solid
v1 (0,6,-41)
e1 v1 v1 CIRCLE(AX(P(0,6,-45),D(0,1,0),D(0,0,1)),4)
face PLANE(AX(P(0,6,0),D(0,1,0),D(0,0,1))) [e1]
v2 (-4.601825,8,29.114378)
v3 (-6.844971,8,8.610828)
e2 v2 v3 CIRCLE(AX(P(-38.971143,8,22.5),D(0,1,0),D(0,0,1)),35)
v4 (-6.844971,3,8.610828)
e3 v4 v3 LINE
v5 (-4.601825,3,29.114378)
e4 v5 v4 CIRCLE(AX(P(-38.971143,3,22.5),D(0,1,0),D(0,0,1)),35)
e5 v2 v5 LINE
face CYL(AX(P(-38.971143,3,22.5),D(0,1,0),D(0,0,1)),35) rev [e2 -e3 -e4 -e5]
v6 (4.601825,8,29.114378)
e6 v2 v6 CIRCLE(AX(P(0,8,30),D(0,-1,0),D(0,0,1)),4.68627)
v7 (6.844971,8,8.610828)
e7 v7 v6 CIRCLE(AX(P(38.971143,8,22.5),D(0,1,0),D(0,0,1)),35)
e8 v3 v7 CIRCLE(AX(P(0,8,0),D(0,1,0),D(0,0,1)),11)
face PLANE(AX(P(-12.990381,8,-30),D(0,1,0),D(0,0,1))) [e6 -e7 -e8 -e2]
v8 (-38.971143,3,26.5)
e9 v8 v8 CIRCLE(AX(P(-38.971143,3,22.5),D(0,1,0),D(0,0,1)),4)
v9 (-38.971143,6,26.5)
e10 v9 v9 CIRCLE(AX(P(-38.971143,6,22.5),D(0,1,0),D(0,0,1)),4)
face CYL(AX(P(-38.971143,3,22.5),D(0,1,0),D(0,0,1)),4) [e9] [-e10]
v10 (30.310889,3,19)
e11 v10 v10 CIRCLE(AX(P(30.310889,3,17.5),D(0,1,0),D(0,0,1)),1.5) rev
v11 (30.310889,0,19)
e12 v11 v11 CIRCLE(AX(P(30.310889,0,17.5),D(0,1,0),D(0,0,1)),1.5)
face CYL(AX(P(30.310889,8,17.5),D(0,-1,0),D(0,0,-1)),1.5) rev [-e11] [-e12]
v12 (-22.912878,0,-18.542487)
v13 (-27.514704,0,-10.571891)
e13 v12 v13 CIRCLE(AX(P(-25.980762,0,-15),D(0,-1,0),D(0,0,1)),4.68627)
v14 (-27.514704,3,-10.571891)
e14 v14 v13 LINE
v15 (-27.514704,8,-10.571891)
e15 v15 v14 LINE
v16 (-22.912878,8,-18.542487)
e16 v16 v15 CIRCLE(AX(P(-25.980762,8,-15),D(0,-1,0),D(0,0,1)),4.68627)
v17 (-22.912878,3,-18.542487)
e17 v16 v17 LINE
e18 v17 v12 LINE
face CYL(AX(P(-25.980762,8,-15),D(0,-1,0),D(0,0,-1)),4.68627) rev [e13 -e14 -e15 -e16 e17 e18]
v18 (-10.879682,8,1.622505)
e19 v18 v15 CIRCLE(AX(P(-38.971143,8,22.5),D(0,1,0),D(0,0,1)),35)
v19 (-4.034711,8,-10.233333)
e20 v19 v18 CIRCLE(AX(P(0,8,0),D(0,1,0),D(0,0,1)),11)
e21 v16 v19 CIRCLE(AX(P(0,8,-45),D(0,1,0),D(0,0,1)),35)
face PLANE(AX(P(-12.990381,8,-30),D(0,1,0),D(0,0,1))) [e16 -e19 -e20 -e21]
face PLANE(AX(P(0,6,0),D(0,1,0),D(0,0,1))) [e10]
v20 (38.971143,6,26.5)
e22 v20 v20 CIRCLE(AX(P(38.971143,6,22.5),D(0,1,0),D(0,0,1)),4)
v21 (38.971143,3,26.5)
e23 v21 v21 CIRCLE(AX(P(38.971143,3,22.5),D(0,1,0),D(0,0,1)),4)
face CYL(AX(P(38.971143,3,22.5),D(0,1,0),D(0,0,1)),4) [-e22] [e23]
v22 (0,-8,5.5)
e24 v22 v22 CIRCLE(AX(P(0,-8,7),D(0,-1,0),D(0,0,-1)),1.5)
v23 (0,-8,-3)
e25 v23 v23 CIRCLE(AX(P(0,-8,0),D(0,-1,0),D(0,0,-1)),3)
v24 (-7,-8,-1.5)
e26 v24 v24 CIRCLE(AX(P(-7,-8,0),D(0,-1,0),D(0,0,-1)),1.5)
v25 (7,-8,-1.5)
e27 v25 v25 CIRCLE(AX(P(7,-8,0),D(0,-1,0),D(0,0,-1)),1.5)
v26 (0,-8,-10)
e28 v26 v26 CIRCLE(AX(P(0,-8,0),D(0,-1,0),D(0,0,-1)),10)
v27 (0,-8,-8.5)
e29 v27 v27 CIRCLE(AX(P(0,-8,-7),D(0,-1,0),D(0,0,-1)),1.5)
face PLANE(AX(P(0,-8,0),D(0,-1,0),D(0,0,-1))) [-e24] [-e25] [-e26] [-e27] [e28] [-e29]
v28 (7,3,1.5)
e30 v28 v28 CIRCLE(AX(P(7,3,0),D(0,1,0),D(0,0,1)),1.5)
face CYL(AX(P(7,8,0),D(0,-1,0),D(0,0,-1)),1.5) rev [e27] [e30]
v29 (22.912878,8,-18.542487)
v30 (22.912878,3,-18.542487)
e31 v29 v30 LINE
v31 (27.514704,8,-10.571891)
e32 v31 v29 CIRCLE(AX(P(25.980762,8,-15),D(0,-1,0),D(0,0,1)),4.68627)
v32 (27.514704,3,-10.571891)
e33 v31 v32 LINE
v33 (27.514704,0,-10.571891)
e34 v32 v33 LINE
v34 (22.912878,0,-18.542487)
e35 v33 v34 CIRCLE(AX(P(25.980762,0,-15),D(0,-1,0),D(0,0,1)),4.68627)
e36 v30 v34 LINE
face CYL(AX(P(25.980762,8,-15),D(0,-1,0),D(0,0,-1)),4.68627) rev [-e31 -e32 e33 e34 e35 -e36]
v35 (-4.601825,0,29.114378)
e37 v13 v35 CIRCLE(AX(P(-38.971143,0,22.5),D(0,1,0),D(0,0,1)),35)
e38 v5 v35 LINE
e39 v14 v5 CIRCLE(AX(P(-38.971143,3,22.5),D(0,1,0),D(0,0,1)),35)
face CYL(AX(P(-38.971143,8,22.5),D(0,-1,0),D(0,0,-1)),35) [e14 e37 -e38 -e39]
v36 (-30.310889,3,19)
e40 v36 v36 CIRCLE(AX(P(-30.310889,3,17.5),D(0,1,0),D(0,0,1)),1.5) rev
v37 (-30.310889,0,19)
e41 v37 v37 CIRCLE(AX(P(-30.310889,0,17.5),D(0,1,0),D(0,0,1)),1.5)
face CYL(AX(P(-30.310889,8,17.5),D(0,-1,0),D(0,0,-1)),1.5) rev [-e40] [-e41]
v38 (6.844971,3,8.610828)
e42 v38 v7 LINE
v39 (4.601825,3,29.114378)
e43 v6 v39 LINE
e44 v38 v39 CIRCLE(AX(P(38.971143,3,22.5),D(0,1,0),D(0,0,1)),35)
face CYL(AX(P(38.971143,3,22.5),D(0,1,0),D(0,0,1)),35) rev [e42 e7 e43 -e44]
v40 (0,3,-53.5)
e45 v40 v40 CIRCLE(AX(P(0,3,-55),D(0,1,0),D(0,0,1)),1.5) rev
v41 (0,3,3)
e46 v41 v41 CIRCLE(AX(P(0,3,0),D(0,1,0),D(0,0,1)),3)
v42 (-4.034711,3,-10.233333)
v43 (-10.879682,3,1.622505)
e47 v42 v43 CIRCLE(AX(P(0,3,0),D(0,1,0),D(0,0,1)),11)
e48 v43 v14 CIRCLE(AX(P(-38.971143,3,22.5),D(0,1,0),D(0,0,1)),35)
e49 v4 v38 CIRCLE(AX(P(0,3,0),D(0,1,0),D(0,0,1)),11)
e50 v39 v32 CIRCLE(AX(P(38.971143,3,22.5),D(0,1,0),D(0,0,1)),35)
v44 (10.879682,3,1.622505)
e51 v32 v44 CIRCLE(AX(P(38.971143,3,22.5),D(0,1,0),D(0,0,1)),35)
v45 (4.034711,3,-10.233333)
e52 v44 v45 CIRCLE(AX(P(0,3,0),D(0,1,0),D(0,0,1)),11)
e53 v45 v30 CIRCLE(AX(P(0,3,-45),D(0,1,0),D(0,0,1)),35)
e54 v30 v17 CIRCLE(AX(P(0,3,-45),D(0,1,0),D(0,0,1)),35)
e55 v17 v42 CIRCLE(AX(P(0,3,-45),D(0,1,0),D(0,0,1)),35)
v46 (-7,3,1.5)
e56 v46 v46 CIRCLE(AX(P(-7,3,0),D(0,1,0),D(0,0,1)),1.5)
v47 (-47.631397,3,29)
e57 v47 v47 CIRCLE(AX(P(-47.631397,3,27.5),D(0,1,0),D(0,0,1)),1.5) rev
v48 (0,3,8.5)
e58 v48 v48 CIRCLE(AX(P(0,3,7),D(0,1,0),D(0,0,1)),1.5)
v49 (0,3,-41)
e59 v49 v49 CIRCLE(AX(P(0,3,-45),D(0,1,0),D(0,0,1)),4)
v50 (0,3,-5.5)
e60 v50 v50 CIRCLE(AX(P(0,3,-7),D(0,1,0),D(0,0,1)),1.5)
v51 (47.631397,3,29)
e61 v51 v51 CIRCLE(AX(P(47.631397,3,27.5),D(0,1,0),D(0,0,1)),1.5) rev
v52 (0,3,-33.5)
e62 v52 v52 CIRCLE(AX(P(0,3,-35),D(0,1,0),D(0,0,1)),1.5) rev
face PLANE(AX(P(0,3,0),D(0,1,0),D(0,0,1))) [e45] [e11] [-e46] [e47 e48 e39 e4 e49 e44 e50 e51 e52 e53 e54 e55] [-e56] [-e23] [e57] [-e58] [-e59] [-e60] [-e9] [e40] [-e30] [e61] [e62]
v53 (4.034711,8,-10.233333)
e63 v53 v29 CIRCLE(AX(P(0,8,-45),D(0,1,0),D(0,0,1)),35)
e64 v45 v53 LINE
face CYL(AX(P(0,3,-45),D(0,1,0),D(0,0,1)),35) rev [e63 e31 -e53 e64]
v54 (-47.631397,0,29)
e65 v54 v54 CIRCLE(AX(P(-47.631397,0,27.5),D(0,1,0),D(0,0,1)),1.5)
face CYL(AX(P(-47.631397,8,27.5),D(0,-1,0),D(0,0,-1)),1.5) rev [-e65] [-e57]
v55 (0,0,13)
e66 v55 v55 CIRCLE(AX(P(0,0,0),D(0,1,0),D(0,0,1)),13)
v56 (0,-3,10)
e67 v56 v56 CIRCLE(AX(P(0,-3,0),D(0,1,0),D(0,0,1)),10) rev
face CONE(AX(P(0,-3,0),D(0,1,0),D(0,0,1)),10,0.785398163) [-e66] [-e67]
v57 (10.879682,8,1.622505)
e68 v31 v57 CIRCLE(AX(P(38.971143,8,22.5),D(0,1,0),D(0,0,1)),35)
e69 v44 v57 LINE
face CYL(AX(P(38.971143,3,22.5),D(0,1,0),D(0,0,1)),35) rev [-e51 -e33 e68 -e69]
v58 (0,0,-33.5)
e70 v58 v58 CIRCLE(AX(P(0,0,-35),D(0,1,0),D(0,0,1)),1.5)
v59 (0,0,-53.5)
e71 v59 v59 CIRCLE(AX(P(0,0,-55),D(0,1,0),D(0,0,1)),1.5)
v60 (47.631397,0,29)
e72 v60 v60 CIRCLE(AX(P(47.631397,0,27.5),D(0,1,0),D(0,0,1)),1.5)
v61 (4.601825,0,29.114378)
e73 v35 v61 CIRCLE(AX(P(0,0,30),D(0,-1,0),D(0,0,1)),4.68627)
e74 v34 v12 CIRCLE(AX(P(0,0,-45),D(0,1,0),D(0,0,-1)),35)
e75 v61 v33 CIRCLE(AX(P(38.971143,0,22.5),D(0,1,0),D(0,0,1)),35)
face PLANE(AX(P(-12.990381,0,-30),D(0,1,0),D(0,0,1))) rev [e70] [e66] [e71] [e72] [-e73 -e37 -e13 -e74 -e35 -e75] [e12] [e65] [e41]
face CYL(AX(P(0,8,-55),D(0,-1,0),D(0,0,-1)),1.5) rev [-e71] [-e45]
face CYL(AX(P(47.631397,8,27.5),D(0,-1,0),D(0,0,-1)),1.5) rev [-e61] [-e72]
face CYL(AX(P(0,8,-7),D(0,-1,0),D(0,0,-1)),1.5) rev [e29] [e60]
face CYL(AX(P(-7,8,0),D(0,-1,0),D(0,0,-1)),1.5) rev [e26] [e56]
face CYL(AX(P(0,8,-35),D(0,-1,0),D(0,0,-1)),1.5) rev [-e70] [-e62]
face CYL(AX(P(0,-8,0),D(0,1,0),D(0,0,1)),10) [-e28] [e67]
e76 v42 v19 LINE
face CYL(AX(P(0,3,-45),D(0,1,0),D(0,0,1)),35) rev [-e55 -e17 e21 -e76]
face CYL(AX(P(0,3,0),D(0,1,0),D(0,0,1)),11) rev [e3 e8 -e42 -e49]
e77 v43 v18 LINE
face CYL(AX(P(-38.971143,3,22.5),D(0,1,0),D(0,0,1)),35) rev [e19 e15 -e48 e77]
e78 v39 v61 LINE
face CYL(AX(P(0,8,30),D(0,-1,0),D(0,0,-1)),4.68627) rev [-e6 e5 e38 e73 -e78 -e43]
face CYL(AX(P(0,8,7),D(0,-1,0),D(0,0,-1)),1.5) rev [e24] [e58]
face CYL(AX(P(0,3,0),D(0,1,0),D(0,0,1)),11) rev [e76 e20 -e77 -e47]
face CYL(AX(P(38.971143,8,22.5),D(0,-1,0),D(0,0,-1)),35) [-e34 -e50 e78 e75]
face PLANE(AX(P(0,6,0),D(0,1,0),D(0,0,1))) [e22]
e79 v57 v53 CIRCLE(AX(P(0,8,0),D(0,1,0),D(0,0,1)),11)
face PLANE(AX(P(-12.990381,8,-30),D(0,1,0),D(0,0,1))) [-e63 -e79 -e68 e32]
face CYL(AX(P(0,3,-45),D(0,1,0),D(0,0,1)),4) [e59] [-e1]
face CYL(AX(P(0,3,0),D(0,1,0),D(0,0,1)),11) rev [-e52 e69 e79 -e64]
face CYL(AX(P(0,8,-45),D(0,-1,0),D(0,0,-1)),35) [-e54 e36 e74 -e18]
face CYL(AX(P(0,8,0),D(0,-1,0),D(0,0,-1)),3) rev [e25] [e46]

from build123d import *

# Parameters (mm, degrees)
SKETCH_1_R          = 3
SKETCH_1_R_2        = 1.5
EXTRUDE_1_DEPTH     = 8
EXTRUDE_START       = 8
SKETCH_2_R          = 10
SKETCH_2_R_2        = 1.5
SKETCH_2_R_3        = 3
EXTRUDE_2_DEPTH     = 8
CUT_EXTRUDE_START   = -5
SKETCH_3_R          = 4
CUT_EXTRUDE_2_DEPTH = 5
CHAMFER_1_SIZE      = 3
CUT_EXTRUDE_START_2 = -2
SKETCH_3_4_R        = 4
CUT_EXTRUDE_3_DEPTH = 2


with BuildPart() as part:
    # 草图1 → 凸台-拉伸1 (new body)
    with BuildSketch(Plane(origin=(0, 0, 0), x_dir=(1, 0, 0), z_dir=(0, 1, 0))):
        with BuildLine():
            ThreePointArc((0, 80), (32.794915451, 57.226754294), (22.912878475, 18.542486889))
            ThreePointArc((22.912878475, 18.542486889), (21.922333534, 12.656865167), (27.514703933, 10.571891388))
            ThreePointArc((27.514703933, 10.571891388), (65.95728072, -0.212147251), (69.282032303, -40))
            ThreePointArc((69.282032303, -40), (33.162365269, -57.014607042), (4.601825458, -29.114378278))
            ThreePointArc((4.601825458, -29.114378278), (0, -25.313730334), (-4.601825458, -29.114378278))
            ThreePointArc((-4.601825458, -29.114378278), (-33.162365269, -57.014607042), (-69.282032303, -40))
            ThreePointArc((-69.282032303, -40), (-65.95728072, -0.212147251), (-27.514703933, 10.571891388))
            ThreePointArc((-27.514703933, 10.571891388), (-21.922333534, 12.656865167), (-22.912878475, 18.542486889))
            ThreePointArc((-22.912878475, 18.542486889), (-32.794915451, 57.226754294), (0, 80))
        make_face()
        Circle(SKETCH_1_R, mode=Mode.SUBTRACT)
        with Locations((0, 7)):
            Circle(SKETCH_1_R_2, mode=Mode.SUBTRACT)
        with Locations((7, 0)):
            Circle(SKETCH_1_R_2, mode=Mode.SUBTRACT)
        with Locations((0, -7)):
            Circle(SKETCH_1_R_2, mode=Mode.SUBTRACT)
        with Locations((-7, 0)):
            Circle(SKETCH_1_R_2, mode=Mode.SUBTRACT)
        with Locations((0, 55)):
            Circle(SKETCH_1_R_2, mode=Mode.SUBTRACT)
        with Locations((0, 35)):
            Circle(SKETCH_1_R_2, mode=Mode.SUBTRACT)
        with Locations((47.631397208, -27.5)):
            Circle(SKETCH_1_R_2, mode=Mode.SUBTRACT)
        with Locations((30.310889132, -17.5)):
            Circle(SKETCH_1_R_2, mode=Mode.SUBTRACT)
        with Locations((-47.631397208, -27.5)):
            Circle(SKETCH_1_R_2, mode=Mode.SUBTRACT)
        with Locations((-30.310889132, -17.5)):
            Circle(SKETCH_1_R_2, mode=Mode.SUBTRACT)
    extrude(amount=EXTRUDE_1_DEPTH)

    # 草图2 → 凸台-拉伸2 (add)
    with BuildSketch(Plane.XZ.offset(EXTRUDE_START)):
        Circle(SKETCH_2_R)
        with Locations((-7, 0)):
            Circle(SKETCH_2_R_2, mode=Mode.SUBTRACT)
        with Locations((0, -7)):
            Circle(SKETCH_2_R_2, mode=Mode.SUBTRACT)
        with Locations((7, 0)):
            Circle(SKETCH_2_R_2, mode=Mode.SUBTRACT)
        with Locations((0, 7)):
            Circle(SKETCH_2_R_2, mode=Mode.SUBTRACT)
        Circle(SKETCH_2_R_3, mode=Mode.SUBTRACT)
    extrude(amount=-EXTRUDE_2_DEPTH)

    # 草图3 → 切除-拉伸2 (cut)
    with BuildSketch(Plane(origin=(0, 8, 0), x_dir=(1, 0, 0), z_dir=(0, 1, 0)).offset(CUT_EXTRUDE_START)):
        with BuildLine():
            ThreePointArc((-4.034710509, 10.233333333), (-9.526279442, 5.5), (-10.879681886, -1.622504869))
            ThreePointArc((-10.879681886, -1.622504869), (-69.282032303, -40), (-6.844971378, -8.610828464))
            ThreePointArc((-6.844971378, -8.610828464), (0, -11), (6.844971378, -8.610828464))
            ThreePointArc((6.844971378, -8.610828464), (69.282032303, -40), (10.879681886, -1.622504869))
            ThreePointArc((10.879681886, -1.622504869), (9.526279442, 5.5), (4.034710509, 10.233333333))
            ThreePointArc((4.034710509, 10.233333333), (0, 80), (-4.034710509, 10.233333333))
        make_face()
        with Locations((0, 45)):
            Circle(SKETCH_3_R, mode=Mode.SUBTRACT)
        with Locations((38.97114317, -22.5)):
            Circle(SKETCH_3_R, mode=Mode.SUBTRACT)
        with Locations((-38.97114317, -22.5)):
            Circle(SKETCH_3_R, mode=Mode.SUBTRACT)
    extrude(amount=CUT_EXTRUDE_2_DEPTH, mode=Mode.SUBTRACT)

    # 倒角1
    chamfer_1_edges = [part.edges().sort_by_distance(p)[0] for p in [
        (-10, 0, 0),
    ]]
    chamfer(chamfer_1_edges, length=CHAMFER_1_SIZE)

    # 草图3<4> → 切除-拉伸3 (cut)
    with BuildSketch(Plane(origin=(0, 8, 0), x_dir=(1, 0, 0), z_dir=(0, 1, 0)).offset(CUT_EXTRUDE_START_2)):
        with Locations((0, 45)):
            Circle(SKETCH_3_4_R)
        with Locations((38.97114317, -22.5)):
            Circle(SKETCH_3_4_R)
        with Locations((-38.97114317, -22.5)):
            Circle(SKETCH_3_4_R)
    extrude(amount=CUT_EXTRUDE_3_DEPTH, mode=Mode.SUBTRACT)


solid = part.part
